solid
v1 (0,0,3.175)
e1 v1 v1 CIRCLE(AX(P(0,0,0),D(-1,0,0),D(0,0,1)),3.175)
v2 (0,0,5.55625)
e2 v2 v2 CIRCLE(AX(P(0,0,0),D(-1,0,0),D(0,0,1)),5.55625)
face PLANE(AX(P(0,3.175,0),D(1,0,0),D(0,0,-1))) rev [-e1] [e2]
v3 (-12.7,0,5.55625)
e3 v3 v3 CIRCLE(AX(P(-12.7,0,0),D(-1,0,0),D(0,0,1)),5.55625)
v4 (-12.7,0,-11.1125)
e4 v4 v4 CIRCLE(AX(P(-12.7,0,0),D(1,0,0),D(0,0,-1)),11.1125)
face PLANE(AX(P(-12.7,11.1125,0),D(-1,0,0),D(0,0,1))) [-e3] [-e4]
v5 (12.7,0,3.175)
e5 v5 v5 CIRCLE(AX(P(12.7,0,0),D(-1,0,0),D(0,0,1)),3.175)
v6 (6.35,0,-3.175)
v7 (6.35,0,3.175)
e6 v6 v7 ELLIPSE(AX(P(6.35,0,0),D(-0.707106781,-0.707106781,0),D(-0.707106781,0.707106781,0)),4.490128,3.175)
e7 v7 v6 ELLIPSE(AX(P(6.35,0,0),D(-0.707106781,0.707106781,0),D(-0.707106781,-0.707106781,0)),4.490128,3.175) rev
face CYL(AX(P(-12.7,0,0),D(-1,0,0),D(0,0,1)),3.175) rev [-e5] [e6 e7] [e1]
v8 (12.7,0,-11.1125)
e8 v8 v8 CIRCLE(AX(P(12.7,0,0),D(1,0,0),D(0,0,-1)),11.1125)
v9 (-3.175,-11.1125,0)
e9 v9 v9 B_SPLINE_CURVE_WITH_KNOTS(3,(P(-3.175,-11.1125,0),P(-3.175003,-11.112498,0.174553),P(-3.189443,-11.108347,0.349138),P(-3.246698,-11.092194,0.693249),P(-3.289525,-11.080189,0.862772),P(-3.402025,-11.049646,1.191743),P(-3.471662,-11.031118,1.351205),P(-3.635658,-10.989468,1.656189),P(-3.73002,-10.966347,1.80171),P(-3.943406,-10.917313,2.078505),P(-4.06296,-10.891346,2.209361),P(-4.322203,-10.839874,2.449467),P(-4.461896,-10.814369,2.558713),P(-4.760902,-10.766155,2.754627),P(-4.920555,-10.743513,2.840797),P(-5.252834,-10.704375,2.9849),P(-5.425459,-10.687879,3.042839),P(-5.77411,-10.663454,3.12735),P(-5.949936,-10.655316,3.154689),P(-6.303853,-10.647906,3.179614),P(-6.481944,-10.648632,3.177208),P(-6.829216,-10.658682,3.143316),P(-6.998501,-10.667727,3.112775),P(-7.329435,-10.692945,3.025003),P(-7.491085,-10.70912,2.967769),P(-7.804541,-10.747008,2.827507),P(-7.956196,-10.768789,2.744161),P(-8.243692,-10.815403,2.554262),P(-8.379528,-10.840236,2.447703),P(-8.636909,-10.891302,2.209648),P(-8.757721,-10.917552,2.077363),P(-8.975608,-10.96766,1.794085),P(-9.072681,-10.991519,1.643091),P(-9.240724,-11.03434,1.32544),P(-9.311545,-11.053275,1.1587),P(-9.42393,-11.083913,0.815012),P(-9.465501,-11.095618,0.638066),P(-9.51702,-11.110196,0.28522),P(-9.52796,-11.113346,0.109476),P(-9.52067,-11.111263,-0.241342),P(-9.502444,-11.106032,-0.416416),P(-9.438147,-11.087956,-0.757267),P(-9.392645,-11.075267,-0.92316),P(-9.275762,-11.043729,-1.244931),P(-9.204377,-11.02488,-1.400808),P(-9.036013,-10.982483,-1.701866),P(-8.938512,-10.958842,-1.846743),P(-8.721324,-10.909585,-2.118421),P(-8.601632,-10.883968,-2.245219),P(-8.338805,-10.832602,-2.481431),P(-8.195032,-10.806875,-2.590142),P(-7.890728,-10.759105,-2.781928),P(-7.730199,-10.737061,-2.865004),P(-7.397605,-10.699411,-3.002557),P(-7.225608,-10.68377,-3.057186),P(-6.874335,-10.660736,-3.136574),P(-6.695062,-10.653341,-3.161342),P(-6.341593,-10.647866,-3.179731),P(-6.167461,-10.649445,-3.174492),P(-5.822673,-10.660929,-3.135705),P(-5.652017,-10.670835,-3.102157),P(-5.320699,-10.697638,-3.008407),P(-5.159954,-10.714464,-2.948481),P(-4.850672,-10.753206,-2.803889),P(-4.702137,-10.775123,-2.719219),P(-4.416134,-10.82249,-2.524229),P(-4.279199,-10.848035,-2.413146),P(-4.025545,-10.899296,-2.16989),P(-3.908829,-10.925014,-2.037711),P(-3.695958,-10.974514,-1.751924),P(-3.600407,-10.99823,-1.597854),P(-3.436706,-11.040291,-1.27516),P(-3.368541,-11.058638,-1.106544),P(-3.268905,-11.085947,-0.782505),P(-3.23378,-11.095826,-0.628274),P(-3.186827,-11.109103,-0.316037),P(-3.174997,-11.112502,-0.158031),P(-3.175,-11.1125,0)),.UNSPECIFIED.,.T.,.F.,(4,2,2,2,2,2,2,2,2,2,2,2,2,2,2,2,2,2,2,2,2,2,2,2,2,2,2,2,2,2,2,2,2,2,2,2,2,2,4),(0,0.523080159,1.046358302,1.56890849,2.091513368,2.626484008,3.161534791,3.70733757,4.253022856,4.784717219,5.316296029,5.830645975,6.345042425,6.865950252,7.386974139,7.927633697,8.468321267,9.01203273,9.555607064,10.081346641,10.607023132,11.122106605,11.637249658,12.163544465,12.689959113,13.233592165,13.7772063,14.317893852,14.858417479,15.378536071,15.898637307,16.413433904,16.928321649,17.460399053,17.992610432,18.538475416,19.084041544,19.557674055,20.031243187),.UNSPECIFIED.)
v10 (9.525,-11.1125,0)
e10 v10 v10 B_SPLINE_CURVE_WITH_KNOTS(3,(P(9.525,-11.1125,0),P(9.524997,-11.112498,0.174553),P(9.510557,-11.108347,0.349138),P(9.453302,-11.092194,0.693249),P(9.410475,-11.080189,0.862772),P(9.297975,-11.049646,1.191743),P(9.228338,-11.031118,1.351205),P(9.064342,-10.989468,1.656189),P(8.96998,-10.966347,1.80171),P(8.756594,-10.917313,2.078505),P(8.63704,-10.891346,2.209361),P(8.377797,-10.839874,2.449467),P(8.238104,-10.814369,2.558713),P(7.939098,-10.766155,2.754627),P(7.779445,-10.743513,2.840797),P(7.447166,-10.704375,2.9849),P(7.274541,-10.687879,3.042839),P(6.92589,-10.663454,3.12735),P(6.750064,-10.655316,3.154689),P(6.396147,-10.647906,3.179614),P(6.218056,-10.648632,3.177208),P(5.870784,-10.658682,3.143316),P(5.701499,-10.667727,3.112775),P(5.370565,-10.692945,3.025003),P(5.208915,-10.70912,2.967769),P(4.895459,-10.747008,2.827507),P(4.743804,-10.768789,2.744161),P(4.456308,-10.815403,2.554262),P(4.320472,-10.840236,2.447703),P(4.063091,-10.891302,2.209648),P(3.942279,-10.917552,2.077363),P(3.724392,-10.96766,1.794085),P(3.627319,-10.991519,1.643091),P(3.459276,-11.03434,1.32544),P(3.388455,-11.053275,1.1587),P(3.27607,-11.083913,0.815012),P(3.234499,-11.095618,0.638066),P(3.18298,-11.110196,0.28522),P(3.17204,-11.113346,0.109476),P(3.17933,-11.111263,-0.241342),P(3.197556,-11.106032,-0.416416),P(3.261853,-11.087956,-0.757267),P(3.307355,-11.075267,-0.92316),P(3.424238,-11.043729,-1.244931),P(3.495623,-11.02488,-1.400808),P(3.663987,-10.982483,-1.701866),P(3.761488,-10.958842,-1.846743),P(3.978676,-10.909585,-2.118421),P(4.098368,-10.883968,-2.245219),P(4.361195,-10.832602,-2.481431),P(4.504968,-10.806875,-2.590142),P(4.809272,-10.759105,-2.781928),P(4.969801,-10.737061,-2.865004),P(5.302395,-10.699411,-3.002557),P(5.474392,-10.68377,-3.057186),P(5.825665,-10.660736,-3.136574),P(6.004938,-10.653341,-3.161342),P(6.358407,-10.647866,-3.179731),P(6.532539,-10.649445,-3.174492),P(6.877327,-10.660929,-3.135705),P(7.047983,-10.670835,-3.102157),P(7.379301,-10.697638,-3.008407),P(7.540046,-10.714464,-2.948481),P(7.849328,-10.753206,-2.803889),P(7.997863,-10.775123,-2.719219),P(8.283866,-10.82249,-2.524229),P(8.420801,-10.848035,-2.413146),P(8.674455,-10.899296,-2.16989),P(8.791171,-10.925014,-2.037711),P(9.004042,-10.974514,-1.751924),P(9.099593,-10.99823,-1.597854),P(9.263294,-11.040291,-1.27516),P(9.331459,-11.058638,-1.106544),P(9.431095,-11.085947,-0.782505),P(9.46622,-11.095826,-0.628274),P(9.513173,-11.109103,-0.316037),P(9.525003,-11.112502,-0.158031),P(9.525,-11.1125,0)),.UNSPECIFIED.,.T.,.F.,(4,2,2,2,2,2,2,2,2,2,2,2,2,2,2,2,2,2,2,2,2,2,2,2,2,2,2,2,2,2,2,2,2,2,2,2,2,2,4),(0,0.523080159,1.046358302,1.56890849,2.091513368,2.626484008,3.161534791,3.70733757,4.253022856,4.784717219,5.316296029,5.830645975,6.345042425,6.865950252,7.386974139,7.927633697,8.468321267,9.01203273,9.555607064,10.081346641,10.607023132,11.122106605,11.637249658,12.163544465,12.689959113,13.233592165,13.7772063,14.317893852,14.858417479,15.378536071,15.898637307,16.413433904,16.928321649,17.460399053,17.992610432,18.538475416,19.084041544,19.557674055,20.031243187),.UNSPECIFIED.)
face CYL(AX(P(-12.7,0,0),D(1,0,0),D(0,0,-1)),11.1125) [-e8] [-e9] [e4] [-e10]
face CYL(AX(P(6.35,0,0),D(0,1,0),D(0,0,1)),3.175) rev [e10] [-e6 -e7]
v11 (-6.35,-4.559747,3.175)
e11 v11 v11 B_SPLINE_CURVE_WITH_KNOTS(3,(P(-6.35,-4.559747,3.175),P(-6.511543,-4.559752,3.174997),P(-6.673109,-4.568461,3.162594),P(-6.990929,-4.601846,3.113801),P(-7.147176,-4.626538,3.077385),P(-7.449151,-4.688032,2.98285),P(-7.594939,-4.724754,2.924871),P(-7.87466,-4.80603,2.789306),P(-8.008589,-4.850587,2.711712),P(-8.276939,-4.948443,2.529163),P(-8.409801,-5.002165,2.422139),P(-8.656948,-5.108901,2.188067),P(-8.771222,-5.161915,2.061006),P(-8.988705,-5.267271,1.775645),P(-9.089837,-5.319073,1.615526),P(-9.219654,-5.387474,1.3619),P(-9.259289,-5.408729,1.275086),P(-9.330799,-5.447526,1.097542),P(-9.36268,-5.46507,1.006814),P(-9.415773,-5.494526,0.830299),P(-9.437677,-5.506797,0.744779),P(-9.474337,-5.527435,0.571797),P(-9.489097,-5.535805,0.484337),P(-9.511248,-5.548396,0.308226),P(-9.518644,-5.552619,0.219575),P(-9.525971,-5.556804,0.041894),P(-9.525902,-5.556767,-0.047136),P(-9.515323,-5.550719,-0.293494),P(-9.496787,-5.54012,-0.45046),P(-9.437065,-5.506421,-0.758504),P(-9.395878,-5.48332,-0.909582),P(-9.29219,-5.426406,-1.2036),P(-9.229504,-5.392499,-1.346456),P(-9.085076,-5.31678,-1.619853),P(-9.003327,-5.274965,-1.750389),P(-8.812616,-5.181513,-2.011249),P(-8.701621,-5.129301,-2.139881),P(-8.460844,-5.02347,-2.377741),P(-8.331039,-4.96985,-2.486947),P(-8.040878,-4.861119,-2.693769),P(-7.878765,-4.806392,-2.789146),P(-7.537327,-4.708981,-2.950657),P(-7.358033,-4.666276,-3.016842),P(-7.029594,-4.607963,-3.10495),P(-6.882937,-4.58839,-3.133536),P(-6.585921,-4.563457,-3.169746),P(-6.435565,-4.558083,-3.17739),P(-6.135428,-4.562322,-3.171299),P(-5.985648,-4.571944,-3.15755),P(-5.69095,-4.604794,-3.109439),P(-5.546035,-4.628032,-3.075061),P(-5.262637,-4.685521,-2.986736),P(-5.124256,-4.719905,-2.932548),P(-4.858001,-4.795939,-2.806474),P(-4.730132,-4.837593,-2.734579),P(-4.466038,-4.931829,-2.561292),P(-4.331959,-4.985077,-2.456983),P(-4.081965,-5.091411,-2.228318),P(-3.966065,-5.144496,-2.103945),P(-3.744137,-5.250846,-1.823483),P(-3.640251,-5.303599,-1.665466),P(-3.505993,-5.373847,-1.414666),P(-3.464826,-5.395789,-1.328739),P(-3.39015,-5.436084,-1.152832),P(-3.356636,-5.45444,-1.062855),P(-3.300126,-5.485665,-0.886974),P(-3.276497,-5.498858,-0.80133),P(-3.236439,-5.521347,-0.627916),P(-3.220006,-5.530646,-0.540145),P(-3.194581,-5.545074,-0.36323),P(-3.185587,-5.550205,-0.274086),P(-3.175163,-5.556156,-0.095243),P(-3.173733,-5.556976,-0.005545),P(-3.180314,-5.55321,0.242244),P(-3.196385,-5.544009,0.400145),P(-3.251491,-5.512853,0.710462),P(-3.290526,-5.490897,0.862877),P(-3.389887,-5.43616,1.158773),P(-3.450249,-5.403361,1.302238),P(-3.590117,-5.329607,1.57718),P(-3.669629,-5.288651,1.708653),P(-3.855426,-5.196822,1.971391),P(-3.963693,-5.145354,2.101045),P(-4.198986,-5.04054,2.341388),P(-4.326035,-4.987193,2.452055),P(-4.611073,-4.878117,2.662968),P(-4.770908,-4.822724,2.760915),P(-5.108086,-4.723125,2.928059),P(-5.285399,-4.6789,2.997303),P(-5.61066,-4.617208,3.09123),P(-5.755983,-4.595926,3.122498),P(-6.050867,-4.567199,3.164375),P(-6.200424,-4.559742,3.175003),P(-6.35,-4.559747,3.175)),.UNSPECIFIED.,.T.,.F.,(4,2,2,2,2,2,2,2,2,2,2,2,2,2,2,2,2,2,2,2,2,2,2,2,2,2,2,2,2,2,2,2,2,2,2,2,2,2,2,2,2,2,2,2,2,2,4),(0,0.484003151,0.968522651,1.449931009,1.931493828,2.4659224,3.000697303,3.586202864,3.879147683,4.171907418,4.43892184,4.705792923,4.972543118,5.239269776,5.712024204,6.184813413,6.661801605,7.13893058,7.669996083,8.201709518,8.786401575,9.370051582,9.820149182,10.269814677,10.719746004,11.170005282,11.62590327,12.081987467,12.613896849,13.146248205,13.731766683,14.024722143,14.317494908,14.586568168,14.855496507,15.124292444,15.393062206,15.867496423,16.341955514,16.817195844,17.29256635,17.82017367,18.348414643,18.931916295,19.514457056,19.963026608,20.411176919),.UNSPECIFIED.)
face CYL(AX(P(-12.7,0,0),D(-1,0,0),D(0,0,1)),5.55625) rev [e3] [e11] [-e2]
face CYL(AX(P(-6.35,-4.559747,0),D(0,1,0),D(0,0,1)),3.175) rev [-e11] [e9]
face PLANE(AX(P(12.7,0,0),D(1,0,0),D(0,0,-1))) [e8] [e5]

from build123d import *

# Parameters (mm, degrees)
SKETCH1_W         = 25.4
SKETCH1_H         = 11.1125
HOLE1_D           = 6.35
HOLE1_CBORE_D     = 11.1125
HOLE1_CBORE_DEPTH = 12.7
SKETCH4_W         = 3.175
SKETCH4_H         = 11.1125
HOLE3_D           = 6.35
HOLE3_DEPTH       = 6.552753399


with BuildPart() as part:
    # Sketch1 → Revolve1 (revolve)
    with BuildSketch(Plane.XY):
        with Locations((0, 5.55625)):
            Rectangle(SKETCH1_W, SKETCH1_H)
    revolve(axis=Axis((-12.7, 0, 0), (1, 0, 0)))

    # Hole1 (through all)
    with Locations(Plane.ZY.offset(12.7)):
        with Locations((0, 0)):
            CounterBoreHole(HOLE1_D / 2, HOLE1_CBORE_D / 2, HOLE1_CBORE_DEPTH)

    # Sketch4 → Hole2 (revolve, cut)
    with BuildSketch(Plane(origin=(6.35, 0, 0), x_dir=(0, 0, 1), z_dir=(1, 0, 0))):
        with Locations((1.5875, 5.55625)):
            Rectangle(SKETCH4_W, SKETCH4_H)
    revolve(axis=Axis((6.35, -110, 0), (0, 1, 0)), mode=Mode.SUBTRACT)

    # Hole3
    with Locations(Plane(origin=(0, -4.559746601, 0), x_dir=(1, 0, 0), z_dir=(0, 1, 0))):
        with Locations((-6.35, 0)):
            Hole(HOLE3_D / 2, depth=HOLE3_DEPTH)


solid = part.part
